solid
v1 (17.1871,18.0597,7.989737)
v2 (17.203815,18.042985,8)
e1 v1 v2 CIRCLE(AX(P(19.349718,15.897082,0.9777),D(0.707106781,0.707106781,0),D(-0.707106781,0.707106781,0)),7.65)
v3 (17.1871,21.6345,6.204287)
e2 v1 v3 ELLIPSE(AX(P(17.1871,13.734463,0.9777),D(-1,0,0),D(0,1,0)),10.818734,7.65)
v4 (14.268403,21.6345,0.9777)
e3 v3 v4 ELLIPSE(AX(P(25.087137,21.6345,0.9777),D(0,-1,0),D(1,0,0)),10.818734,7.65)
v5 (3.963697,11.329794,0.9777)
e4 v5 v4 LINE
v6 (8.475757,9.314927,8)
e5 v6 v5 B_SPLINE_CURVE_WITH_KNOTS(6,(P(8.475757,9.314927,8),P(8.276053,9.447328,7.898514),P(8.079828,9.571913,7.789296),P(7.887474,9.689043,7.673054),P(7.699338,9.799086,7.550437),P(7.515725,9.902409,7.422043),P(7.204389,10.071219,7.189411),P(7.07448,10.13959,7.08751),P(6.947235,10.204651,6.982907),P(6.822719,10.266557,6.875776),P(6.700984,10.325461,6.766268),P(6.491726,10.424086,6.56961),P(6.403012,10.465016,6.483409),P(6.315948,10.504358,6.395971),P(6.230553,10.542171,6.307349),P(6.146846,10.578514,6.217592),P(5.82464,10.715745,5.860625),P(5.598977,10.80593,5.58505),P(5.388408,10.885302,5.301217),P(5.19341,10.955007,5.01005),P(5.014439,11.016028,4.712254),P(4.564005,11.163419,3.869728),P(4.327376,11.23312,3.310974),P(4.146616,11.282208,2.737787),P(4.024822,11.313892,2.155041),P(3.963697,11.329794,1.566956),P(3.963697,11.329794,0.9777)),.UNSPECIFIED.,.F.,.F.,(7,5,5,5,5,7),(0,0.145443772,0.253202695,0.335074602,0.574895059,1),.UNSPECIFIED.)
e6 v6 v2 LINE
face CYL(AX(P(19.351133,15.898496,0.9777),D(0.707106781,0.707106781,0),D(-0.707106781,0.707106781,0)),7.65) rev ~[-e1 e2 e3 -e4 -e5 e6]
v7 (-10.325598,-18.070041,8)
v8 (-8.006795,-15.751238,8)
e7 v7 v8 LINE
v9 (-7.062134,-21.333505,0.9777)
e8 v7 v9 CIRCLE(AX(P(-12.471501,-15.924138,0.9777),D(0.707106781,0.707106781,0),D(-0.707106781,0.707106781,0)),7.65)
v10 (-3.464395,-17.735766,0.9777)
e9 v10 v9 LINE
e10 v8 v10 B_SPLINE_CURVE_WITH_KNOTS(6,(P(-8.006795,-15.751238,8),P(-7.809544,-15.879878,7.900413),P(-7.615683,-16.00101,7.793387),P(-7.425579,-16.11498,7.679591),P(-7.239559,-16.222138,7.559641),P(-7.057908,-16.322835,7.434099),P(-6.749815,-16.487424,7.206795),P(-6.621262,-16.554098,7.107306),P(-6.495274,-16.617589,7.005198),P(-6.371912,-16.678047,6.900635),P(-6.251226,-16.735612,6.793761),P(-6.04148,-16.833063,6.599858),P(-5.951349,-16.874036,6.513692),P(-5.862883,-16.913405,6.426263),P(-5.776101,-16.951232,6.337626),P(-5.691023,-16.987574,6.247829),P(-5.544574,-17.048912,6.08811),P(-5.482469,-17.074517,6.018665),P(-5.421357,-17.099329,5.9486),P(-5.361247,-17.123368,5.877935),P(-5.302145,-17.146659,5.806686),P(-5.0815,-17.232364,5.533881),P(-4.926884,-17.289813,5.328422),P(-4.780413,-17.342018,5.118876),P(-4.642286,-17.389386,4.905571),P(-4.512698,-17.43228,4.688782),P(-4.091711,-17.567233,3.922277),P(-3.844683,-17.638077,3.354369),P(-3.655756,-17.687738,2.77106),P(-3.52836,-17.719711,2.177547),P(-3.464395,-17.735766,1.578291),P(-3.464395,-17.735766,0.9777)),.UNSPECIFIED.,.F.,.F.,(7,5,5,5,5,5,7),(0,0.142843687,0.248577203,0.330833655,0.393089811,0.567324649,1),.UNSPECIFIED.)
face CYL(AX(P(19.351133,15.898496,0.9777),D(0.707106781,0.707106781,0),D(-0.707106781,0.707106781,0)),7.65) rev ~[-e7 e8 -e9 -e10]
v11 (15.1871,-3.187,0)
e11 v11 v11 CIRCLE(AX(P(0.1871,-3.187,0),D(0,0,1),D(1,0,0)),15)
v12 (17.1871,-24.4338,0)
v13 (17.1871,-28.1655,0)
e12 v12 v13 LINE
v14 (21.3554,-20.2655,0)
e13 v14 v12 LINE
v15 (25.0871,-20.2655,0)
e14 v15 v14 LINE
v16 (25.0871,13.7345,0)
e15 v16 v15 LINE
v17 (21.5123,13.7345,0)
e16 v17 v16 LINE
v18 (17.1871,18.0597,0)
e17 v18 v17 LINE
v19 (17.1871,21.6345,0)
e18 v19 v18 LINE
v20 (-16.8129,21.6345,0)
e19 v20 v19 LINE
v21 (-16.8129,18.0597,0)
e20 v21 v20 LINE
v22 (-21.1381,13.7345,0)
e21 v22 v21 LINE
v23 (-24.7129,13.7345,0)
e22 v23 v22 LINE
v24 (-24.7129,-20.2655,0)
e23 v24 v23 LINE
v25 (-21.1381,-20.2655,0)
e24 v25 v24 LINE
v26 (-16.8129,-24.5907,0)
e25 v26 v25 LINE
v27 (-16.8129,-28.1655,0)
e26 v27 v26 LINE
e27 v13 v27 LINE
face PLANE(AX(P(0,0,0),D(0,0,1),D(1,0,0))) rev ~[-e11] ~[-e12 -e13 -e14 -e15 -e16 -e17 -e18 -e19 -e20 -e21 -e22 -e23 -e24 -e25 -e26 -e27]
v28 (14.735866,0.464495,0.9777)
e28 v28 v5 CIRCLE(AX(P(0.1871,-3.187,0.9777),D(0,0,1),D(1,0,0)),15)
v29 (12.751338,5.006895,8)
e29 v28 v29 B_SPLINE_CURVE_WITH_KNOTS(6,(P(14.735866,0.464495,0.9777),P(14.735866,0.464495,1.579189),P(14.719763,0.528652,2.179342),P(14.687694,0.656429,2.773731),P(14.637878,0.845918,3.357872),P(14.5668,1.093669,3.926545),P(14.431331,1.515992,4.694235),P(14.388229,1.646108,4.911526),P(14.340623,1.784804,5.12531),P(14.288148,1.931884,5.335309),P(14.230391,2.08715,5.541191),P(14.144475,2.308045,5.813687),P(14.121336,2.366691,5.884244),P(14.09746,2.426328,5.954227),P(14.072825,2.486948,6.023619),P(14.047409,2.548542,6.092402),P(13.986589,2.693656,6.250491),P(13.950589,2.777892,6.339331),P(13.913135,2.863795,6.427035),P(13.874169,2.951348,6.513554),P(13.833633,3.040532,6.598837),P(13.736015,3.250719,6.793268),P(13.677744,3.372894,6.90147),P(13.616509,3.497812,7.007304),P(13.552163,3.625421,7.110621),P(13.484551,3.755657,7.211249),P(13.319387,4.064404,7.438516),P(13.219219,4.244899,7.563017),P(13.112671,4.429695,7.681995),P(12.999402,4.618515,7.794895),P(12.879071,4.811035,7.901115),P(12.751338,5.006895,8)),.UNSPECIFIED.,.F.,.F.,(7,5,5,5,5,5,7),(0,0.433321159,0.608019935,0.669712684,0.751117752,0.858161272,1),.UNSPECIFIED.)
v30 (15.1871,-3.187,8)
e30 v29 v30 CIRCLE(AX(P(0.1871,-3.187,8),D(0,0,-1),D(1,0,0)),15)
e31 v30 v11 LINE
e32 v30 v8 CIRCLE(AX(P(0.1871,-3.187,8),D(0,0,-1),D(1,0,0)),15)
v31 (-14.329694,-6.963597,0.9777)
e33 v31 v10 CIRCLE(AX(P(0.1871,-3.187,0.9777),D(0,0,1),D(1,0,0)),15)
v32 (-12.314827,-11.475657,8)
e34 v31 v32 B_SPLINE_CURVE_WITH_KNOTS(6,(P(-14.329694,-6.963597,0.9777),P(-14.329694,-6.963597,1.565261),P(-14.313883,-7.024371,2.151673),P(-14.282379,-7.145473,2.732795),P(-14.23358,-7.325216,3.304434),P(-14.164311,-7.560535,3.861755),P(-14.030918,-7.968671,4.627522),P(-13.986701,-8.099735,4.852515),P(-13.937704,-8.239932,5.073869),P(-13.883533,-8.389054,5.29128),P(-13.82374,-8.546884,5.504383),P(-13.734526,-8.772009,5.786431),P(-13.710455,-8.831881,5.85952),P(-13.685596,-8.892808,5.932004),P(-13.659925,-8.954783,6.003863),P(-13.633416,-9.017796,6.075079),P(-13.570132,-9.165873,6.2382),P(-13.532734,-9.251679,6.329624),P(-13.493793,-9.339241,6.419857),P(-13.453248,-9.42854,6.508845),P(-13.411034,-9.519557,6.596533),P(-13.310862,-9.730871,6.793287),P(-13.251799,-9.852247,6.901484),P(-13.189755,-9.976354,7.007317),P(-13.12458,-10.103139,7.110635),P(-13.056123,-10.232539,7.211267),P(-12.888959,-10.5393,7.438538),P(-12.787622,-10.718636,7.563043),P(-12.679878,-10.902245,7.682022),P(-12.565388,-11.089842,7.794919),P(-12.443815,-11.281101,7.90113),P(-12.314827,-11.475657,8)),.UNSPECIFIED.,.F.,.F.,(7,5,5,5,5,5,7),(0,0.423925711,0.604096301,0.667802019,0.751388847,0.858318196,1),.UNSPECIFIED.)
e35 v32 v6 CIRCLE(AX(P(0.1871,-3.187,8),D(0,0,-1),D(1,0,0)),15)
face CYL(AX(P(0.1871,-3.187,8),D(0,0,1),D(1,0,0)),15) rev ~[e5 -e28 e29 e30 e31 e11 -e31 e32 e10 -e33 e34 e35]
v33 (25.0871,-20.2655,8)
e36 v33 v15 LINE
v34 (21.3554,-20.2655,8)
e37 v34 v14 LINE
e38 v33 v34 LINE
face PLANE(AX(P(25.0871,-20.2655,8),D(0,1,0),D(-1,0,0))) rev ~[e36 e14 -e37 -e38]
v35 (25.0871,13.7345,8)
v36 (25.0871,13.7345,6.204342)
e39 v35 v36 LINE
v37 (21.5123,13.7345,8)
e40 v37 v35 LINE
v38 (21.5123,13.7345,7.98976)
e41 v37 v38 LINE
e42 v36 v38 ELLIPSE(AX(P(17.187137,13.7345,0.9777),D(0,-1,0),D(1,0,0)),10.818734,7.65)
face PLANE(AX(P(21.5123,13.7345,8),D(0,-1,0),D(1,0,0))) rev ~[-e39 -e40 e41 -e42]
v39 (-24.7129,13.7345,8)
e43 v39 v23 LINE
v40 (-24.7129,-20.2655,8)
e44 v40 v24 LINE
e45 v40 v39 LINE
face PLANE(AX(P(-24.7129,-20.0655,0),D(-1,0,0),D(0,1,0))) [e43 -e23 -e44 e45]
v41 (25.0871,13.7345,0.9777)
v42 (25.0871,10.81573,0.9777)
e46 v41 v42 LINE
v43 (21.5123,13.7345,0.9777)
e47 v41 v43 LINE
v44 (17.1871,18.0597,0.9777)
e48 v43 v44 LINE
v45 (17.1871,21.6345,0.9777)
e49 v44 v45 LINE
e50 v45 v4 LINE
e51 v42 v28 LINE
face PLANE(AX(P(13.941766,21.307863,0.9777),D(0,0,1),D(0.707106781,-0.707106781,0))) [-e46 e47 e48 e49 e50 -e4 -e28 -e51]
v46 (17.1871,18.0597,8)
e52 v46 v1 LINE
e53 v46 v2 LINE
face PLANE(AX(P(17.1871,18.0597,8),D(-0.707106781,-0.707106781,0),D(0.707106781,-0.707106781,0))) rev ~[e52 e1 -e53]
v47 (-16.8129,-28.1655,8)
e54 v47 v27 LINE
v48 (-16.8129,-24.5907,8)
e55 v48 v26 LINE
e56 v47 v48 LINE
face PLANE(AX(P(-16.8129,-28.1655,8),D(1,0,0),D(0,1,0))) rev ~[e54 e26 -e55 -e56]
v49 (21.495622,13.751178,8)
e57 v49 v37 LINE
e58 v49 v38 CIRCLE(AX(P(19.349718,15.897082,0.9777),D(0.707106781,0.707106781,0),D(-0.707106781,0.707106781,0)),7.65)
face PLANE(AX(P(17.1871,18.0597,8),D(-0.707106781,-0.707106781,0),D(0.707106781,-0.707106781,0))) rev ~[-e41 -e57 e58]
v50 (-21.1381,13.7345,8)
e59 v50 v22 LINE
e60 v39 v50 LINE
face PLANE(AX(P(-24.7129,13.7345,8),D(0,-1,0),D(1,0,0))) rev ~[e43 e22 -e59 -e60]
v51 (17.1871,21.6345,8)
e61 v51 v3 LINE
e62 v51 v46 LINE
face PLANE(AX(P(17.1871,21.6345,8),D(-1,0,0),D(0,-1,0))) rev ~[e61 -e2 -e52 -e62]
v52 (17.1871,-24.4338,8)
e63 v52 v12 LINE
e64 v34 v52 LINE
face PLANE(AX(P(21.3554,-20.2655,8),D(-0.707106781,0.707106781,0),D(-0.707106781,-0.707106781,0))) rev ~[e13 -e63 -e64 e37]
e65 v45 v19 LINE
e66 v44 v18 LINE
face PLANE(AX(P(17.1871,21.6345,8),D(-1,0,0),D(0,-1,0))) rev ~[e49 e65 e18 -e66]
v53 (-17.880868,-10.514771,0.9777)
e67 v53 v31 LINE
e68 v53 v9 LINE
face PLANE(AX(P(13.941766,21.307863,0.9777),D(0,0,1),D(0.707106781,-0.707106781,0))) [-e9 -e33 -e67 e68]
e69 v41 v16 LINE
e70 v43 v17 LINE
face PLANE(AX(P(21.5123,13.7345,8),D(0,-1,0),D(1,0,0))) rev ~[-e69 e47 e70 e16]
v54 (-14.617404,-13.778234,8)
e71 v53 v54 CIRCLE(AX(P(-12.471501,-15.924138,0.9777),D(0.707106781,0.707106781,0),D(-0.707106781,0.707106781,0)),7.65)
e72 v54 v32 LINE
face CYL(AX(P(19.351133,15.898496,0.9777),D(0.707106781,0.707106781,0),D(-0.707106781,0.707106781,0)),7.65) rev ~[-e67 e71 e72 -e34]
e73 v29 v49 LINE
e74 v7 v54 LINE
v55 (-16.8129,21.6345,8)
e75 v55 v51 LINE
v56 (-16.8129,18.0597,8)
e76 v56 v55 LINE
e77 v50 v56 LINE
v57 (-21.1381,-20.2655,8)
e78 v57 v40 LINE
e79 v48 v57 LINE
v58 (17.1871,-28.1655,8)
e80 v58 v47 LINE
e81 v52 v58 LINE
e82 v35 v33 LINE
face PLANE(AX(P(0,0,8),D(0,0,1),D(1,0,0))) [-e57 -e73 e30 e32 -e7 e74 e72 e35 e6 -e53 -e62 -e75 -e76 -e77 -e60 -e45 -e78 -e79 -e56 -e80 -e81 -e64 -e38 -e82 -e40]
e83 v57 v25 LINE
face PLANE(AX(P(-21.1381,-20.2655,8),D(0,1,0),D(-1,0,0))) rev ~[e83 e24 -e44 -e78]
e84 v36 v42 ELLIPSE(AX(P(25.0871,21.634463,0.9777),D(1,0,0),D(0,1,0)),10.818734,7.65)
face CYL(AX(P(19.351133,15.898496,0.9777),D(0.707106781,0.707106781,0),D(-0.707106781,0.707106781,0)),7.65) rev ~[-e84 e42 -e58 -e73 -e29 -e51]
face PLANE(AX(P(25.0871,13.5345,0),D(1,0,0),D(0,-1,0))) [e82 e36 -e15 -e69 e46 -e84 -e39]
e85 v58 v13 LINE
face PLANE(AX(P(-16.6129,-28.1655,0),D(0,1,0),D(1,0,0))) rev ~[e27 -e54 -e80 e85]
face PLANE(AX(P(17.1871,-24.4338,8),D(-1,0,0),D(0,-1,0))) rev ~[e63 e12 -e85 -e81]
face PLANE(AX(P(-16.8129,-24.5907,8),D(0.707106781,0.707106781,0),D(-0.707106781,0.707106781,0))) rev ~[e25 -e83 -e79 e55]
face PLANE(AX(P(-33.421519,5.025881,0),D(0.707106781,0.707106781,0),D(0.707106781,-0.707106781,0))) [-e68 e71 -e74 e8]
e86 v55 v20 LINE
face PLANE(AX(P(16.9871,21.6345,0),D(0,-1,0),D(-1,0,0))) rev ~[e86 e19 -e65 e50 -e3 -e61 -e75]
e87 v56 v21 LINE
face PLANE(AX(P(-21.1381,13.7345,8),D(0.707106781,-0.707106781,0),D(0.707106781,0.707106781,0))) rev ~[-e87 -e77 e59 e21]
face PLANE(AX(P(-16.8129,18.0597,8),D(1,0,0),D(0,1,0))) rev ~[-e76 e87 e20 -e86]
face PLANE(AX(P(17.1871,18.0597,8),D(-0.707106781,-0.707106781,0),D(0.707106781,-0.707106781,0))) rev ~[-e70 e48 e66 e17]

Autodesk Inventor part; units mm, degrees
ref_plane "YZ Plane" through (0, 0, 0) normal (1, 0, 0) x (0, 1, 0)
ref_plane "XZ Plane" through (0, 0, 0) normal (0, 1, 0) x (-1, 0, 0)
ref_plane "XY Plane" through (0, 0, 0) normal (0, 0, 1) x (1, 0, 0)
sketch "Sketch1" plane through (0, 0, 0) normal (0, 0, 1) x (1, 0, 0)
  line L0 (21.5871, 13.6345) -> (17.0871, 18.1345) projected
  line L1 (17.0871, 18.1345) -> (-16.7129, 18.1345) projected
  line L2 (-16.7129, 18.1345) -> (-21.2129, 13.6345) projected
  line L3 (-21.0966, 13.6345) -> (-21.0966, -20.1655) projected
  line L4 (21.4709, -20.1655) -> (21.4709, 13.6345) projected
  line L5 (21.4709, -20.1655) -> (17.0871, -24.4078) projected
  line L6 (-16.7129, -24.4078) -> (17.0871, -24.4078) projected
  line L7 (-16.7129, -24.4078) -> (-21.0966, -20.1655) projected
  line L8 (-24.7129, -28.1655) -> (-24.7129, 13.6345) construction
  line L9 (25.0871, -28.1655) -> (-24.7129, -28.1655) construction
  line L10 (25.0871, -28.1655) -> (25.0871, 13.6345) construction
  line L11 (17.0871, 21.6345) -> (-16.7129, 21.6345) construction
  line L12 (-21.0552, -20.0655) -> (-16.6129, -24.5078)
  line L13 (-16.6129, -24.5078) -> (-16.6129, -28.1655)
  line L14 (-16.6129, -28.1655) -> (17.0871, -28.1655)
  line L15 (25.0871, -20.0655) -> (21.4295, -20.0655)
  line L16 (25.0871, 13.5345) -> (25.0871, -20.0655)
  line L17 (21.4295, 13.5345) -> (25.0871, 13.5345)
  line L18 (21.4295, 13.5345) -> (16.9871, 17.9768)
  line L19 (16.9871, 17.9768) -> (16.9871, 21.6345)
  line L20 (16.9871, 21.6345) -> (-16.6129, 21.6345)
  line L21 (-16.6129, 21.6345) -> (-16.6129, 17.9768)
  line L22 (-16.6129, 17.9768) -> (-21.0552, 13.5345)
  line L23 (-24.7129, 13.5345) -> (-21.0552, 13.5345)
  line L24 (-24.7129, -20.0655) -> (-24.7129, 13.5345)
  line L25 (-21.0552, -20.0655) -> (-24.7129, -20.0655)
  line L26 (-12.3129, -23.2655) -> (12.6871, -23.2655) projected
  line L27 (12.6871, -23.2655) -> (12.6871, 16.7345) projected
  line L28 (-12.3129, 16.7345) -> (12.6871, 16.7345) projected
  line L29 (-12.3129, -23.2655) -> (-12.3129, 16.7345) projected
  line L30 (14.6871, -25.2655) -> (-14.3129, -25.2655) construction
  line L31 (-14.3129, -25.2655) -> (-14.3129, 18.7345) construction
  line L32 (-14.3129, 18.7345) -> (14.6871, 18.7345) construction
  line L33 (14.6871, 18.7345) -> (14.6871, -25.2655) construction
  line L34 (-17.3129, 21.7345) -> (17.6871, 21.7345) construction
  line L35 (17.6871, 21.7345) -> (17.6871, -28.2655) construction
  line L36 (17.6871, -28.2655) -> (-17.3129, -28.2655) construction
  line L37 (-17.3129, -28.2655) -> (-17.3129, 21.7345) construction
  line L38 (-14.3129, -23.2655) -> (-14.3129, -25.2655)
  line L39 (-14.3129, -25.2655) -> (14.6871, -25.2655)
  line L40 (14.6871, -25.2655) -> (14.6871, -20.0655)
  line L41 (14.6871, -20.0655) -> (17.6871, -20.0655)
  line L42 (17.6871, -20.0655) -> (17.6871, 13.5345)
  line L43 (17.6871, 13.5345) -> (14.6871, 13.5345)
  line L44 (14.6871, 13.5345) -> (14.6871, 18.7345)
  line L45 (14.6871, 18.7345) -> (-14.3129, 18.7345)
  line L46 (-14.3129, 18.7345) -> (-14.3129, 13.5345)
  line L47 (-14.3129, 13.5345) -> (-17.3129, 13.5345)
  line L48 (-17.3129, 13.5345) -> (-17.3129, -20.0655)
  line L49 (-17.3129, -20.0655) -> (-14.3129, -20.0655)
  line L50 (-14.3129, -20.0655) -> (-14.3129, -23.2655)
  line L51 (-16.6129, -28.1655) -> (17.0871, -28.1655)
  line L52 (16.9871, -28.1655) -> (16.9871, -24.3509)
  line L53 (16.9871, -24.3509) -> (21.2726, -20.0655)
  line L54 (21.2726, -20.0655) -> (21.4295, -20.0655)
  point P0 (14.2, -44.8454)
  point P1 (16.9871, 19.8057)
  dimension "d74" = 2
  dimension "d75" = 5
  dimension "d76" = 135
extrude "Extrusion1" add sketch "Sketch1" along normal blind 8 contours L19 L18 L17 L4 L15 L54 L53 L52 L6 L40 L41 L42 L43 L44 L1 | L1 L44 L45 L46 L21 L20 L19 | L44 L43 L42 L41 L40 L6 L38 L50 L49 L48 L47 L46 L1 | L1 L46 L45 L44 | L46 L47 L48 L49 L50 L38 L6 L12 L25 L3 L23 L22 L21 L1 | L17 L16 L15 L4 | L3 L25 L24 L23 | L40 L39 L38 L6 | L6 L52 L14 L13 L12 L38 L39 L40 | L29 L28 L27 L26
sketch "Skizze7" plane through (0, 0, 8) normal (0, 0, 1) x (1, 0, 0)
  line L0 (-21.0552, -20.0655) -> (-16.6129, -24.5078) projected
  line L1 (-16.6129, -24.5078) -> (-16.6129, -28.1655) projected
  line L2 (-16.6129, -28.1655) -> (16.9871, -28.1655) construction
  line L3 (16.9871, -28.1655) -> (16.9871, -24.3509) projected
  line L4 (16.9871, -24.3509) -> (21.2726, -20.0655) projected
  line L5 (21.2726, -20.0655) -> (25.0871, -20.0655) projected
  line L6 (25.0871, -20.0655) -> (25.0871, 13.5345) construction
  line L7 (25.0871, 13.5345) -> (21.4295, 13.5345) projected
  line L8 (21.4295, 13.5345) -> (16.9871, 17.9768) projected
  line L9 (16.9871, 17.9768) -> (16.9871, 21.6345) projected
  line L10 (16.9871, 21.6345) -> (-16.6129, 21.6345) construction
  line L11 (-16.6129, 21.6345) -> (-16.6129, 17.9768) projected
  line L12 (-16.6129, 17.9768) -> (-21.0552, 13.5345) projected
  line L13 (-21.0552, 13.5345) -> (-24.7129, 13.5345) projected
  line L14 (-24.7129, 13.5345) -> (-24.7129, -20.0655) construction
  line L15 (-24.7129, -20.0655) -> (-21.0552, -20.0655) projected
  line L16 (-16.8129, 21.8345) -> (17.1871, 21.8345) construction
  line L17 (17.1871, 21.8345) -> (17.1871, 18.0597)
  line L18 (17.1871, 18.0597) -> (21.5123, 13.7345)
  line L19 (21.5123, 13.7345) -> (25.2871, 13.7345)
  line L20 (25.2871, 13.7345) -> (25.2871, -20.2655) construction
  line L21 (25.2871, -20.2655) -> (21.3554, -20.2655)
  line L22 (21.3554, -20.2655) -> (17.1871, -24.4338)
  line L23 (17.1871, -24.4338) -> (17.1871, -28.3655)
  line L24 (17.1871, -28.3655) -> (-16.8129, -28.3655) construction
  line L25 (-16.8129, -28.3655) -> (-16.8129, -24.5907)
  line L26 (-16.8129, -24.5907) -> (-21.1381, -20.2655)
  line L27 (-21.1381, -20.2655) -> (-24.9129, -20.2655)
  line L28 (-24.9129, -20.2655) -> (-24.9129, 13.7345) construction
  line L29 (-24.9129, 13.7345) -> (-21.1381, 13.7345)
  line L30 (-21.1381, 13.7345) -> (-16.8129, 18.0597)
  line L31 (-16.8129, 18.0597) -> (-16.8129, 21.8345)
  line L32 (-21.0552, 13.5345) -> (-24.7129, 13.5345) projected
  line L33 (-24.7129, 13.5345) -> (-24.7129, 13.7345)
  line L34 (-16.6129, 21.6345) -> (-16.6129, 17.9768) projected
  line L35 (-16.6129, 21.6345) -> (-16.8129, 21.6345)
  line L36 (25.0871, -20.0655) -> (25.0871, 13.5345) projected
  line L37 (25.0871, 13.5345) -> (25.0871, 13.7345)
  line L38 (16.9871, 21.6345) -> (17.1871, 21.6345)
  line L39 (16.9871, -28.1655) -> (17.1871, -28.1655)
  line L40 (25.0871, -20.0655) -> (25.0871, -20.2655)
  line L41 (-16.6129, -28.1655) -> (-16.8129, -28.1655)
  line L42 (-24.7129, -20.0655) -> (-24.7129, -20.2655)
  dimension "d94" = 0.2
extrude "IM_offset" add sketch "Skizze7" against normal up to surface (8 mm away)
sketch "Sketch8" plane through (-1.6003, 36.8471, 0) normal (0.7071, 0.7071, 0) x (0.7071, -0.7071, 0)
  arc A0 (21.9778, -0.9777) -> (37.2778, -0.9777) centre (29.6278, -0.9777) ccw
  line L0 (21.9778, -0.9777) -> (37.2778, -0.9777) construction
  line L1 (21.9778, -0.9777) -> (37.2778, -0.9777) construction
  line L2 (21.9778, -0.9777) -> (37.2778, -0.9777)
  point P0 (27.1864, 0)
  point P1 (29.6278, -1.0154)
  dimension "d98" = 15.3
  dimension "d99" = 0
  dimension "d100" = 7.65
extrude "Extrusion7" cut sketch "Sketch8" against normal blind 45 and the other way blind 22.5
sketch "Sketch9" plane through (0, 0, 8) normal (0, 0, 1) x (1, 0, 0)
  line L0 (17.1871, 21.6345) -> (-16.8129, 21.6345) projected
  line L1 (-24.7129, 13.7345) -> (-24.7129, -20.2655) projected
  line L2 (17.1871, -28.1655) -> (-16.8129, -28.1655) projected
  line L3 (25.0871, -20.0655) -> (25.0871, 13.7345) projected
  circle A0 centre (0.1871, -3.187) radius 27.0445
  circle A1 centre (0.1871, -3.187) radius 15
  line L4 (-16.8129, 21.6345) -> (-16.8129, 18.0597) projected
  line L5 (-16.8129, 18.0597) -> (-21.1381, 13.7345) projected
  line L6 (-21.1381, 13.7345) -> (-24.7129, 13.7345) projected
  line L7 (17.1871, -28.1655) -> (17.1871, -24.4338) projected
  line L8 (17.1871, -24.4338) -> (21.3554, -20.2655) projected
  line L9 (21.3554, -20.2655) -> (25.0871, -20.2655) projected
  line L10 (25.0871, -20.2655) -> (25.0871, -20.0655) projected
  line L11 (25.0871, 13.7345) -> (21.5123, 13.7345) projected
  line L12 (21.5123, 13.7345) -> (21.4956, 13.7512) projected
  line L13 (17.1871, 18.0597) -> (17.1871, 21.6345) projected
  line L14 (-21.1381, -20.2655) -> (-24.7129, -20.2655) projected
  line L15 (-16.8129, -24.5907) -> (-21.1381, -20.2655) projected
  line L16 (-16.8129, -28.1655) -> (-16.8129, -24.5907) projected
  line L17 (21.4956, 13.7512) -> (-10.3242, -18.0686) projected
  line L18 (-10.3242, -18.0686) -> (-14.6159, -13.7769) projected
  line L19 (-14.6159, -13.7769) -> (17.2039, 18.043) projected
  line L20 (17.2039, 18.043) -> (17.1871, 18.0597) projected
  point P0 (0, 0)
  dimension "d91" = 30
extrude "Extrusion8" cut sketch "Sketch9" against normal through all contours L19 A1 | A1 L17 L19 | A1 L17
sketch "Sketch10" plane through (21.5123, 13.7345, 1.6478) normal (0.7071, 0.7071, 0) x (0, 0, -1)
  line L0 (-6.3522, 0.0237) -> (-6.3522, 6.0931) projected
  arc A0 (-6.3522, 0.0237) -> (0.6701, -4.5916) centre (0.6701, 3.0584) ccw projected
  line L1 (0.6701, 10.7084) -> (0.6701, -4.5916) projected
  arc A1 (0.6701, 10.7084) -> (-6.3522, 6.0931) centre (0.6701, 3.0584) ccw projected
  point P0 (1.6478, 5.4998)
properties part number "20_Cube_Insert_Lens_Cylindrical_v3"
